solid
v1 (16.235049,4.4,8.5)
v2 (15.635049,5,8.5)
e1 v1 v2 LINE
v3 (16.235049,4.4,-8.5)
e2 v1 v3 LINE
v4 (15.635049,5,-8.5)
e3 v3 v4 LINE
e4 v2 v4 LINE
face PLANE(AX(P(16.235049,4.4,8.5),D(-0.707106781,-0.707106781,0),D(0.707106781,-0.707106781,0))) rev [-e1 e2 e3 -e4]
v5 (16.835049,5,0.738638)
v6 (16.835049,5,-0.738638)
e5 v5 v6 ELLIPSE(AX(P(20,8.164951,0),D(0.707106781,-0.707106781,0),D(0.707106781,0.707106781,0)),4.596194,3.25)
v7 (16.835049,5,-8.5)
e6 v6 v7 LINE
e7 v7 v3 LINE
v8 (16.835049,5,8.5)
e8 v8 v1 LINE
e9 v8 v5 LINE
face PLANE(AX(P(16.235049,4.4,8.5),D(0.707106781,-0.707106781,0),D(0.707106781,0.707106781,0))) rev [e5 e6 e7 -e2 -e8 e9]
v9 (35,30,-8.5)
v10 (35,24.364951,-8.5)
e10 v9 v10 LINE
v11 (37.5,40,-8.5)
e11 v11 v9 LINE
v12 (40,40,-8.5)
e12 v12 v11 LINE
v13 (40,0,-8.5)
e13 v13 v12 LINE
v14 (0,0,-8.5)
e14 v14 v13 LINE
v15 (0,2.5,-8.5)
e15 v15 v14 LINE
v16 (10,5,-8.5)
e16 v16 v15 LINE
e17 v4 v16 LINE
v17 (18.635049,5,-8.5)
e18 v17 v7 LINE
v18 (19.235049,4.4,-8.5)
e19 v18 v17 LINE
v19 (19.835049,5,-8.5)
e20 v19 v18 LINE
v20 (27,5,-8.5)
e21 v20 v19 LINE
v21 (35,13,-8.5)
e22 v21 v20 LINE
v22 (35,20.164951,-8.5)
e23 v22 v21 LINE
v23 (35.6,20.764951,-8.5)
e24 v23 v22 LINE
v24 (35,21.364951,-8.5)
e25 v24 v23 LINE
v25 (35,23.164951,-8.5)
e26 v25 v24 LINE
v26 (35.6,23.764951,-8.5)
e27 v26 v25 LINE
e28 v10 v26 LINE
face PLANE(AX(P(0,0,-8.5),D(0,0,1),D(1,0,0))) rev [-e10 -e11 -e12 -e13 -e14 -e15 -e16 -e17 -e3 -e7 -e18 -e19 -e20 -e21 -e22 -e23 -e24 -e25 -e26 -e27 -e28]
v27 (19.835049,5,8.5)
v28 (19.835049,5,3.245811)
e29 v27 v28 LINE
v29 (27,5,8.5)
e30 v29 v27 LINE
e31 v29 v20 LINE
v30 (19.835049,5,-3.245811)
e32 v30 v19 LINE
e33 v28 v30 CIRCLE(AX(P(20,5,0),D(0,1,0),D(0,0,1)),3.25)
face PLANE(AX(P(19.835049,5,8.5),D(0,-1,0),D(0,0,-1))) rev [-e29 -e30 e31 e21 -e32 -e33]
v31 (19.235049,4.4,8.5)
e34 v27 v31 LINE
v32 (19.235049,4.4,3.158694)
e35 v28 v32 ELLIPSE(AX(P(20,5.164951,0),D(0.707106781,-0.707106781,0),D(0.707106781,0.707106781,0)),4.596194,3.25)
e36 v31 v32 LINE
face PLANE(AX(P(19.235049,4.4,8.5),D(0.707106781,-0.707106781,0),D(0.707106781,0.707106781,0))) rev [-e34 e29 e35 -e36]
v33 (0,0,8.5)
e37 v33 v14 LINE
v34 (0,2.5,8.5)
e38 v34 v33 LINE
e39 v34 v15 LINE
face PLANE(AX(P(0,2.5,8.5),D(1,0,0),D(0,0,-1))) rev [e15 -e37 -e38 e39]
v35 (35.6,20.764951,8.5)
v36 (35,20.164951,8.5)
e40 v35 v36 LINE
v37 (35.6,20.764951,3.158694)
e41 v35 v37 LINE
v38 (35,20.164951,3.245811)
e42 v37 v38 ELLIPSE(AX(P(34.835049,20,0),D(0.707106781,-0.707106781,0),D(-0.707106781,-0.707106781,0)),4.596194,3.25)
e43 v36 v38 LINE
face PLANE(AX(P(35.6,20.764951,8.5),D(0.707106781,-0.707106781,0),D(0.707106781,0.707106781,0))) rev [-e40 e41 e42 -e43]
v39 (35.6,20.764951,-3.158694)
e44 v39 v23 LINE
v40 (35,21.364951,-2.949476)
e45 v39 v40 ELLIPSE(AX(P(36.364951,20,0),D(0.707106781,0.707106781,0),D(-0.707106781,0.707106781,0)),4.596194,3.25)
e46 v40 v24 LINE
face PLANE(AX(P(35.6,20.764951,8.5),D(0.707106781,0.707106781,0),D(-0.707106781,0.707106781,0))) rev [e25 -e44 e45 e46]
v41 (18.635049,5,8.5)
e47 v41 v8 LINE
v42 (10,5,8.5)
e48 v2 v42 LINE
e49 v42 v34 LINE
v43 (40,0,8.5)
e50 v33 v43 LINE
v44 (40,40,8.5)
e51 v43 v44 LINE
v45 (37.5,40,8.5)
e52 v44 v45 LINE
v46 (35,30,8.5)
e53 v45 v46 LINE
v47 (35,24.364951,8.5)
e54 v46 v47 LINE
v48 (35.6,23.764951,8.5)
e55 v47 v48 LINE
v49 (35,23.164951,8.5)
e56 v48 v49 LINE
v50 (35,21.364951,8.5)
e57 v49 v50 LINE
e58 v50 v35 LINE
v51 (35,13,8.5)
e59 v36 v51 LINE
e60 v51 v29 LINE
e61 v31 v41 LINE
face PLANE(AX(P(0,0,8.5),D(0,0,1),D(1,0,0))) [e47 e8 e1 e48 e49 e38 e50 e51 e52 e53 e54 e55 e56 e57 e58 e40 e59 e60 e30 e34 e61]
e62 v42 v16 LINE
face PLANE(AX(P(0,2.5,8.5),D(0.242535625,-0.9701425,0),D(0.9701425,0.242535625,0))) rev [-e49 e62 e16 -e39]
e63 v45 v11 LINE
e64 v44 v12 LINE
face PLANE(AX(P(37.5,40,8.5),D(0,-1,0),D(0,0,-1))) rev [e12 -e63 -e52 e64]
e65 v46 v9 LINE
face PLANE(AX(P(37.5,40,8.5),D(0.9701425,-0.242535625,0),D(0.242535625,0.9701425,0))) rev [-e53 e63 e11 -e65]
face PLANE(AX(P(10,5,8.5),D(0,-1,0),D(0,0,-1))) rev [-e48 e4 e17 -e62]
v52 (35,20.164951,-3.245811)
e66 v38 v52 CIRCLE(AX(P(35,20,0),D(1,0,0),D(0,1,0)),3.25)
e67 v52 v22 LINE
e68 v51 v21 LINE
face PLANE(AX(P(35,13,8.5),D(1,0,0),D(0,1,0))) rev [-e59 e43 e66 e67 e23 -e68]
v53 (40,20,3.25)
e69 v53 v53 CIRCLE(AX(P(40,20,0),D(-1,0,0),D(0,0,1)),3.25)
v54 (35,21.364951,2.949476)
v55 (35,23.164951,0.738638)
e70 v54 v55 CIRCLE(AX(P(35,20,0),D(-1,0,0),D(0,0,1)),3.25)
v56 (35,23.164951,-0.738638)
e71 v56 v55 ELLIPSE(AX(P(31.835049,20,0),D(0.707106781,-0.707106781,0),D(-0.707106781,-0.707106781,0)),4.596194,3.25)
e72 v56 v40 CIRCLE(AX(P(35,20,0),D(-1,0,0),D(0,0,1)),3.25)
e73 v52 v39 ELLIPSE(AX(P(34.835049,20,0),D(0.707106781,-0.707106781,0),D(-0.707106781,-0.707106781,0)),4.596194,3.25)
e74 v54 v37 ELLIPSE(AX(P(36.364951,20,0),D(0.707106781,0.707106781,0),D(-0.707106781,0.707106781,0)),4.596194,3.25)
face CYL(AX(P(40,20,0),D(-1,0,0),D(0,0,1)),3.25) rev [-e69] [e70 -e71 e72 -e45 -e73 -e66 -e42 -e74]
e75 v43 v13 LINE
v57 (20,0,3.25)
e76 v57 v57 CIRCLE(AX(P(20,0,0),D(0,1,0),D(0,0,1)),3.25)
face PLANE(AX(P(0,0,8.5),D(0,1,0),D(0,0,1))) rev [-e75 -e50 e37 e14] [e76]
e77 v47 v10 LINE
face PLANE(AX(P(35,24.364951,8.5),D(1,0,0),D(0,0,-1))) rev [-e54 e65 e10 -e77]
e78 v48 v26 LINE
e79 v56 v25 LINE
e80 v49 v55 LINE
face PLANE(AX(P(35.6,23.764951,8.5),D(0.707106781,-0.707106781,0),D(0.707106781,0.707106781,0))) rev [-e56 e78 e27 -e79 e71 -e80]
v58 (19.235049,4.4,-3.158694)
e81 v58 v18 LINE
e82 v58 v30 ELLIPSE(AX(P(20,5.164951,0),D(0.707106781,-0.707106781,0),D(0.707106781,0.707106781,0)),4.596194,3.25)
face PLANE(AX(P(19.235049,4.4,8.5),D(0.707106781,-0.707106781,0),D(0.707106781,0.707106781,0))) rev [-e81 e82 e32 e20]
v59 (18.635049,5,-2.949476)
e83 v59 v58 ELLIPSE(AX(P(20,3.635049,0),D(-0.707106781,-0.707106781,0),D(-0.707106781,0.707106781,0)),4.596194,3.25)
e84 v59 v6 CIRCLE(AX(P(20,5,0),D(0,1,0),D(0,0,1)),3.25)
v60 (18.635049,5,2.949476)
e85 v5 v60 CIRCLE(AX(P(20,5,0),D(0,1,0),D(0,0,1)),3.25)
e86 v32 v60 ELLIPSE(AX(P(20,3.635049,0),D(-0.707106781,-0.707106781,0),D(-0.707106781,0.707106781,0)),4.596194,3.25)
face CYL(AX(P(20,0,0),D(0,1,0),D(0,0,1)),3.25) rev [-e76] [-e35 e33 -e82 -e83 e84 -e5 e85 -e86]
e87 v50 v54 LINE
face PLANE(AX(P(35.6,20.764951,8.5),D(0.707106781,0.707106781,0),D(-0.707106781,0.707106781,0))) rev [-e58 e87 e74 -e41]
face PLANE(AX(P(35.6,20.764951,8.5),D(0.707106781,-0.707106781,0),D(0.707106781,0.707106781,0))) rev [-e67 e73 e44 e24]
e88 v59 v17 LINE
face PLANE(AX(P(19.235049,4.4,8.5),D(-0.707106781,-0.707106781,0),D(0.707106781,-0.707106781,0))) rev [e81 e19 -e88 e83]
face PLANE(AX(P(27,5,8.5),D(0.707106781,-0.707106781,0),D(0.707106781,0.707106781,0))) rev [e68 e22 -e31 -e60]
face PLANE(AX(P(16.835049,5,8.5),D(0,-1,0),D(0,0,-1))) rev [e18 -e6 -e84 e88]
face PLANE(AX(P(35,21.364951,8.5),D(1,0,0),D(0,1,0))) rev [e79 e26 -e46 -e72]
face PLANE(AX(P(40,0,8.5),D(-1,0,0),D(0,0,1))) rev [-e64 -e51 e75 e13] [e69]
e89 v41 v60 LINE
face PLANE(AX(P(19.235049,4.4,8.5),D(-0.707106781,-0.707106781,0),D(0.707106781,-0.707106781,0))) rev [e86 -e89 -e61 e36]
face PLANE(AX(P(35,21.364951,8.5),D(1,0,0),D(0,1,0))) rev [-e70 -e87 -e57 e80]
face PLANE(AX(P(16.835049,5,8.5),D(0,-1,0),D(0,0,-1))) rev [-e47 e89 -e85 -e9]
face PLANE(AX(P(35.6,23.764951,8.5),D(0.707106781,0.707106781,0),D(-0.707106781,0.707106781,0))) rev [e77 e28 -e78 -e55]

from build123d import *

# Parameters (mm, degrees)
EXTRUDE_1_DEPTH     = 8.5
SKETCH_3_R          = 3.25
CUT_EXTRUDE_1_DEPTH = 54.826108906
SKETCH_4_R          = 3.25
CUT_EXTRUDE_2_DEPTH = 54.826108906


with BuildPart() as part:
    # 草图1 → 凸台-拉伸1 (new, symmetric)
    with BuildSketch(Plane.XY):
        Polygon((0, 0), (40, 0), (40, 40), (37.5, 40), (35, 30), (35, 24.364950833), (35.6, 23.764950833), (35, 23.164950833), (35, 21.364950833), (35.6, 20.764950833), (35, 20.164950833), (35, 13), (27, 5), (19.835049167, 5), (19.235049167, 4.4), (18.635049167, 5), (16.835049167, 5), (16.235049167, 4.4), (15.635049167, 5), (10, 5), (0, 2.5), align=None)
    extrude(amount=EXTRUDE_1_DEPTH, both=True)

    # 草图3 → 切除-拉伸1 (cut, through all)
    with BuildSketch(Plane(origin=(0, 5, 0), x_dir=(1, 0, 0), z_dir=(0, 1, 0))):
        with Locations(Location((20, 0, 0), (0, 0, 270))):
            Circle(SKETCH_3_R)
    extrude(amount=-CUT_EXTRUDE_1_DEPTH, mode=Mode.SUBTRACT)

    # 草图4 → 切除-拉伸2 (cut, through all)
    with BuildSketch(Plane.ZY.offset(-35)):
        with Locations((0, 20)):
            Circle(SKETCH_4_R)
    extrude(amount=-CUT_EXTRUDE_2_DEPTH, mode=Mode.SUBTRACT)


solid = part.part
